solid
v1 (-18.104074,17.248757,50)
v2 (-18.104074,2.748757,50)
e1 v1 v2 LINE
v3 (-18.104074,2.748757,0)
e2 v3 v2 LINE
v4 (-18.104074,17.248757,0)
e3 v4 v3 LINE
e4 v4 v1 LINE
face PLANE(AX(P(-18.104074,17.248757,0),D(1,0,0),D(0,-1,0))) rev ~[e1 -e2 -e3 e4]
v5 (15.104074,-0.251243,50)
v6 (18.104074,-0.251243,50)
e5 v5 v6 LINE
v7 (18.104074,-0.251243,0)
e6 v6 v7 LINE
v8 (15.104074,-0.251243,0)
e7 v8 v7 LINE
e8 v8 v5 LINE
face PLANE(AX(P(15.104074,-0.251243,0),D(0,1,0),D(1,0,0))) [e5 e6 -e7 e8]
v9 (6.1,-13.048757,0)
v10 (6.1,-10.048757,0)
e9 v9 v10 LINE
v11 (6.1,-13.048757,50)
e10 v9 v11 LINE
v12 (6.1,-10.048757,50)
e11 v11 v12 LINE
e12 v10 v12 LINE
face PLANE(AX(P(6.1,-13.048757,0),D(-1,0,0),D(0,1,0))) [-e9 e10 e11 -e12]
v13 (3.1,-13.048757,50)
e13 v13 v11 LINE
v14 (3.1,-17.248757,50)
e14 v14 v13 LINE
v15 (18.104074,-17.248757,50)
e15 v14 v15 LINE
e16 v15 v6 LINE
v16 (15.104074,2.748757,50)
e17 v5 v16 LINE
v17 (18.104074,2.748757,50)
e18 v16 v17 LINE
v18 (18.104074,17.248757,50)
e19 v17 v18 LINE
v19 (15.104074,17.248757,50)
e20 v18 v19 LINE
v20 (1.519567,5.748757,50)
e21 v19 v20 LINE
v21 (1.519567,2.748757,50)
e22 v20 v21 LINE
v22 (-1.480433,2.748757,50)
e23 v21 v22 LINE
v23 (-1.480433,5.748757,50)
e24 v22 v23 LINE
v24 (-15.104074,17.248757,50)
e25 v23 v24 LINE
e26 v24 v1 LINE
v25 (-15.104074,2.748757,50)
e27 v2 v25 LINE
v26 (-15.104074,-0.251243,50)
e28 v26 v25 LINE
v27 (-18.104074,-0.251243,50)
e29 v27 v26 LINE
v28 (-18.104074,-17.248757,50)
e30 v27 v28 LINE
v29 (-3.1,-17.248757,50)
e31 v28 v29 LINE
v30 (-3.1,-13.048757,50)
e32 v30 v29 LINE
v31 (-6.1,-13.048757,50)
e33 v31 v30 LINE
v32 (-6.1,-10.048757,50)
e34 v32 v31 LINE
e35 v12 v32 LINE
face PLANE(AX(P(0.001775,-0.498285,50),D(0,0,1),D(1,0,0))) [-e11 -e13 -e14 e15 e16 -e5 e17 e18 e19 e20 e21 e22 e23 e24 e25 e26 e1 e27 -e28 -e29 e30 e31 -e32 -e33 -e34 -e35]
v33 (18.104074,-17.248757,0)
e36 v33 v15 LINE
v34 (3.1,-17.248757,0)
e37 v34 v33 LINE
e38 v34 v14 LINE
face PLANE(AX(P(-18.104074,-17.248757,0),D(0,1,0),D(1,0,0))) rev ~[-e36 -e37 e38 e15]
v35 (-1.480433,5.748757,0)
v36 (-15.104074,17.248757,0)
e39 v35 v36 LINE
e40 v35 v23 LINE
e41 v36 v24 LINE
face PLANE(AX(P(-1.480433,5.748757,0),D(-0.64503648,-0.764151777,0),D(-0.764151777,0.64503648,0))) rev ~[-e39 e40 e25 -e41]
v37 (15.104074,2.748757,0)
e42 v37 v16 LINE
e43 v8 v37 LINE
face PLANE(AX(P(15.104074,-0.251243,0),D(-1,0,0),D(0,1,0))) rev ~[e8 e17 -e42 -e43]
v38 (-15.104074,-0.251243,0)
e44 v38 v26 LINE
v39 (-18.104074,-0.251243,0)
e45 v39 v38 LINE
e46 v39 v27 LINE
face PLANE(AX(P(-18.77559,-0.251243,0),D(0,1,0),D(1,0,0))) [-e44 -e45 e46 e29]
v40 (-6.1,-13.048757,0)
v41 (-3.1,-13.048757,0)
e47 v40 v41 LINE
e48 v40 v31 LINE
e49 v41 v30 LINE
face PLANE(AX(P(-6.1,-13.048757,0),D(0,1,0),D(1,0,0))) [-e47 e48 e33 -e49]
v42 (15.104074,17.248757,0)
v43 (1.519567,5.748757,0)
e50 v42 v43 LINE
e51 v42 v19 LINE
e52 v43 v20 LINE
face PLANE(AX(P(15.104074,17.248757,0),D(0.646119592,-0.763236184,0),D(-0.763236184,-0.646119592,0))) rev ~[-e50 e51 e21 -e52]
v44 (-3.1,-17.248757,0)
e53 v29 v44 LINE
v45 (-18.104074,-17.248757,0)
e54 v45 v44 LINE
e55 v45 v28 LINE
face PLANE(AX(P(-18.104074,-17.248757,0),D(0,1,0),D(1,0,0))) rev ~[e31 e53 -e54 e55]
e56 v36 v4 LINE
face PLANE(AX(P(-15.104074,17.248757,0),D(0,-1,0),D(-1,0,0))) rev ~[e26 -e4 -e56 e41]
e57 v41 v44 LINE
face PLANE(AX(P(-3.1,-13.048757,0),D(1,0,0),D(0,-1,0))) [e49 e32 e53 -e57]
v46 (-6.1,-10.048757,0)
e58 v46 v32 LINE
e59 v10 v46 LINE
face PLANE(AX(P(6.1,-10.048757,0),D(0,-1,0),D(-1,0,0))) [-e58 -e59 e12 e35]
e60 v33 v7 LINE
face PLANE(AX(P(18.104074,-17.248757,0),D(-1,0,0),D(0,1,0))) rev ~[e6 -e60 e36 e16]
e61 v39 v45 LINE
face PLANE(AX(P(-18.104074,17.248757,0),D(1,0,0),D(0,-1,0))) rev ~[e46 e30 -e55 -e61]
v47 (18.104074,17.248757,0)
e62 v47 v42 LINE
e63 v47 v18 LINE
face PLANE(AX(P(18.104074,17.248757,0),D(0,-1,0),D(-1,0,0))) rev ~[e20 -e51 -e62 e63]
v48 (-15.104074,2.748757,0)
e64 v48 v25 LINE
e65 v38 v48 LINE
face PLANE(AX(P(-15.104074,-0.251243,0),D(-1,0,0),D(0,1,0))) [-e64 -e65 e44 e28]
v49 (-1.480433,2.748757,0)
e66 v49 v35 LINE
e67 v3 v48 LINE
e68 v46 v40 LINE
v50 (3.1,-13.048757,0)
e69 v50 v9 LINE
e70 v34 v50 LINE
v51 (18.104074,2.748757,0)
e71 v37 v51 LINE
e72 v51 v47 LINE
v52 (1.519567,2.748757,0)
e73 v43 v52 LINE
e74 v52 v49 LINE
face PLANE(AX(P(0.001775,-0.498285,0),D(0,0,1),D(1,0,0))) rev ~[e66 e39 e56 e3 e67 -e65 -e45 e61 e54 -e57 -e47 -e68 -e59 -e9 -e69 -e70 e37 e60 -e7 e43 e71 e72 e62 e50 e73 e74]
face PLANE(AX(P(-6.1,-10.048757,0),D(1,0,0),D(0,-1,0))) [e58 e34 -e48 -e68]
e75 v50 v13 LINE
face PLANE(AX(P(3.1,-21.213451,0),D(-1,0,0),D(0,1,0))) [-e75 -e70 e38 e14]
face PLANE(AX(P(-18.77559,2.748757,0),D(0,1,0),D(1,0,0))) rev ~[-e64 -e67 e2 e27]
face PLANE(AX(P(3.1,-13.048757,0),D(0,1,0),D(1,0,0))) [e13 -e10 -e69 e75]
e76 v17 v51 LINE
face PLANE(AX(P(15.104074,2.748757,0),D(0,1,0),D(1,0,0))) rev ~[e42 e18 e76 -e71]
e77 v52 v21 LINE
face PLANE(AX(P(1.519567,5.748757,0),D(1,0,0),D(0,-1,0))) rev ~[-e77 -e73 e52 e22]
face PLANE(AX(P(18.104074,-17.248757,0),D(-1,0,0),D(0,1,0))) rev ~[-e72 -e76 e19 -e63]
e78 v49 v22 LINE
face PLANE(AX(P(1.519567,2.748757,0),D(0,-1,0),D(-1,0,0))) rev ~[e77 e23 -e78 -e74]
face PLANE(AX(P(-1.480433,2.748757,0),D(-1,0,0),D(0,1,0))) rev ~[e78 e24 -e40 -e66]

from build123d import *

# Parameters (mm, degrees)
F1_DEPTH = 50
F3_DEPTH = 50
F4_W     = 3.671517
F4_H     = 3
F4_W_2   = 6.401138
F5_DEPTH = 50


with BuildPart() as f1:
    # F0 (on Top) → F1 (new body)
    with BuildSketch(Plane.XY):
        Polygon((18.104074, -17.248757), (18.104074, 17.248757), (15.104074, 17.248757), (1.519567, 5.748757), (1.519567, 2.748757), (-1.480433, 2.748757), (-1.480433, 5.748757), (-15.104074, 17.248757), (-18.104074, 17.248757), (-18.104074, -17.248757), align=None)
    extrude(amount=F1_DEPTH)

    # F2 (on Top) → F3 (cut)
    with BuildSketch(Plane.XY):
        Polygon((6.1, -10.048757), (-6.1, -10.048757), (-6.1, -13.048757), (-3.1, -13.048757), (-3.1, -21.213451), (3.1, -21.213451), (3.1, -13.048757), (6.1, -13.048757), align=None)
    extrude(amount=F3_DEPTH, mode=Mode.SUBTRACT)

    # F4 (on Top) → F5 (cut)
    with BuildSketch(Plane.XY):
        with Locations((-16.939832, 1.248757)):
            Rectangle(F4_W, F4_H)
        with Locations((18.304643, 1.248757)):
            Rectangle(F4_W_2, F4_H)
    extrude(amount=F5_DEPTH, mode=Mode.SUBTRACT)


solid = f1.part
